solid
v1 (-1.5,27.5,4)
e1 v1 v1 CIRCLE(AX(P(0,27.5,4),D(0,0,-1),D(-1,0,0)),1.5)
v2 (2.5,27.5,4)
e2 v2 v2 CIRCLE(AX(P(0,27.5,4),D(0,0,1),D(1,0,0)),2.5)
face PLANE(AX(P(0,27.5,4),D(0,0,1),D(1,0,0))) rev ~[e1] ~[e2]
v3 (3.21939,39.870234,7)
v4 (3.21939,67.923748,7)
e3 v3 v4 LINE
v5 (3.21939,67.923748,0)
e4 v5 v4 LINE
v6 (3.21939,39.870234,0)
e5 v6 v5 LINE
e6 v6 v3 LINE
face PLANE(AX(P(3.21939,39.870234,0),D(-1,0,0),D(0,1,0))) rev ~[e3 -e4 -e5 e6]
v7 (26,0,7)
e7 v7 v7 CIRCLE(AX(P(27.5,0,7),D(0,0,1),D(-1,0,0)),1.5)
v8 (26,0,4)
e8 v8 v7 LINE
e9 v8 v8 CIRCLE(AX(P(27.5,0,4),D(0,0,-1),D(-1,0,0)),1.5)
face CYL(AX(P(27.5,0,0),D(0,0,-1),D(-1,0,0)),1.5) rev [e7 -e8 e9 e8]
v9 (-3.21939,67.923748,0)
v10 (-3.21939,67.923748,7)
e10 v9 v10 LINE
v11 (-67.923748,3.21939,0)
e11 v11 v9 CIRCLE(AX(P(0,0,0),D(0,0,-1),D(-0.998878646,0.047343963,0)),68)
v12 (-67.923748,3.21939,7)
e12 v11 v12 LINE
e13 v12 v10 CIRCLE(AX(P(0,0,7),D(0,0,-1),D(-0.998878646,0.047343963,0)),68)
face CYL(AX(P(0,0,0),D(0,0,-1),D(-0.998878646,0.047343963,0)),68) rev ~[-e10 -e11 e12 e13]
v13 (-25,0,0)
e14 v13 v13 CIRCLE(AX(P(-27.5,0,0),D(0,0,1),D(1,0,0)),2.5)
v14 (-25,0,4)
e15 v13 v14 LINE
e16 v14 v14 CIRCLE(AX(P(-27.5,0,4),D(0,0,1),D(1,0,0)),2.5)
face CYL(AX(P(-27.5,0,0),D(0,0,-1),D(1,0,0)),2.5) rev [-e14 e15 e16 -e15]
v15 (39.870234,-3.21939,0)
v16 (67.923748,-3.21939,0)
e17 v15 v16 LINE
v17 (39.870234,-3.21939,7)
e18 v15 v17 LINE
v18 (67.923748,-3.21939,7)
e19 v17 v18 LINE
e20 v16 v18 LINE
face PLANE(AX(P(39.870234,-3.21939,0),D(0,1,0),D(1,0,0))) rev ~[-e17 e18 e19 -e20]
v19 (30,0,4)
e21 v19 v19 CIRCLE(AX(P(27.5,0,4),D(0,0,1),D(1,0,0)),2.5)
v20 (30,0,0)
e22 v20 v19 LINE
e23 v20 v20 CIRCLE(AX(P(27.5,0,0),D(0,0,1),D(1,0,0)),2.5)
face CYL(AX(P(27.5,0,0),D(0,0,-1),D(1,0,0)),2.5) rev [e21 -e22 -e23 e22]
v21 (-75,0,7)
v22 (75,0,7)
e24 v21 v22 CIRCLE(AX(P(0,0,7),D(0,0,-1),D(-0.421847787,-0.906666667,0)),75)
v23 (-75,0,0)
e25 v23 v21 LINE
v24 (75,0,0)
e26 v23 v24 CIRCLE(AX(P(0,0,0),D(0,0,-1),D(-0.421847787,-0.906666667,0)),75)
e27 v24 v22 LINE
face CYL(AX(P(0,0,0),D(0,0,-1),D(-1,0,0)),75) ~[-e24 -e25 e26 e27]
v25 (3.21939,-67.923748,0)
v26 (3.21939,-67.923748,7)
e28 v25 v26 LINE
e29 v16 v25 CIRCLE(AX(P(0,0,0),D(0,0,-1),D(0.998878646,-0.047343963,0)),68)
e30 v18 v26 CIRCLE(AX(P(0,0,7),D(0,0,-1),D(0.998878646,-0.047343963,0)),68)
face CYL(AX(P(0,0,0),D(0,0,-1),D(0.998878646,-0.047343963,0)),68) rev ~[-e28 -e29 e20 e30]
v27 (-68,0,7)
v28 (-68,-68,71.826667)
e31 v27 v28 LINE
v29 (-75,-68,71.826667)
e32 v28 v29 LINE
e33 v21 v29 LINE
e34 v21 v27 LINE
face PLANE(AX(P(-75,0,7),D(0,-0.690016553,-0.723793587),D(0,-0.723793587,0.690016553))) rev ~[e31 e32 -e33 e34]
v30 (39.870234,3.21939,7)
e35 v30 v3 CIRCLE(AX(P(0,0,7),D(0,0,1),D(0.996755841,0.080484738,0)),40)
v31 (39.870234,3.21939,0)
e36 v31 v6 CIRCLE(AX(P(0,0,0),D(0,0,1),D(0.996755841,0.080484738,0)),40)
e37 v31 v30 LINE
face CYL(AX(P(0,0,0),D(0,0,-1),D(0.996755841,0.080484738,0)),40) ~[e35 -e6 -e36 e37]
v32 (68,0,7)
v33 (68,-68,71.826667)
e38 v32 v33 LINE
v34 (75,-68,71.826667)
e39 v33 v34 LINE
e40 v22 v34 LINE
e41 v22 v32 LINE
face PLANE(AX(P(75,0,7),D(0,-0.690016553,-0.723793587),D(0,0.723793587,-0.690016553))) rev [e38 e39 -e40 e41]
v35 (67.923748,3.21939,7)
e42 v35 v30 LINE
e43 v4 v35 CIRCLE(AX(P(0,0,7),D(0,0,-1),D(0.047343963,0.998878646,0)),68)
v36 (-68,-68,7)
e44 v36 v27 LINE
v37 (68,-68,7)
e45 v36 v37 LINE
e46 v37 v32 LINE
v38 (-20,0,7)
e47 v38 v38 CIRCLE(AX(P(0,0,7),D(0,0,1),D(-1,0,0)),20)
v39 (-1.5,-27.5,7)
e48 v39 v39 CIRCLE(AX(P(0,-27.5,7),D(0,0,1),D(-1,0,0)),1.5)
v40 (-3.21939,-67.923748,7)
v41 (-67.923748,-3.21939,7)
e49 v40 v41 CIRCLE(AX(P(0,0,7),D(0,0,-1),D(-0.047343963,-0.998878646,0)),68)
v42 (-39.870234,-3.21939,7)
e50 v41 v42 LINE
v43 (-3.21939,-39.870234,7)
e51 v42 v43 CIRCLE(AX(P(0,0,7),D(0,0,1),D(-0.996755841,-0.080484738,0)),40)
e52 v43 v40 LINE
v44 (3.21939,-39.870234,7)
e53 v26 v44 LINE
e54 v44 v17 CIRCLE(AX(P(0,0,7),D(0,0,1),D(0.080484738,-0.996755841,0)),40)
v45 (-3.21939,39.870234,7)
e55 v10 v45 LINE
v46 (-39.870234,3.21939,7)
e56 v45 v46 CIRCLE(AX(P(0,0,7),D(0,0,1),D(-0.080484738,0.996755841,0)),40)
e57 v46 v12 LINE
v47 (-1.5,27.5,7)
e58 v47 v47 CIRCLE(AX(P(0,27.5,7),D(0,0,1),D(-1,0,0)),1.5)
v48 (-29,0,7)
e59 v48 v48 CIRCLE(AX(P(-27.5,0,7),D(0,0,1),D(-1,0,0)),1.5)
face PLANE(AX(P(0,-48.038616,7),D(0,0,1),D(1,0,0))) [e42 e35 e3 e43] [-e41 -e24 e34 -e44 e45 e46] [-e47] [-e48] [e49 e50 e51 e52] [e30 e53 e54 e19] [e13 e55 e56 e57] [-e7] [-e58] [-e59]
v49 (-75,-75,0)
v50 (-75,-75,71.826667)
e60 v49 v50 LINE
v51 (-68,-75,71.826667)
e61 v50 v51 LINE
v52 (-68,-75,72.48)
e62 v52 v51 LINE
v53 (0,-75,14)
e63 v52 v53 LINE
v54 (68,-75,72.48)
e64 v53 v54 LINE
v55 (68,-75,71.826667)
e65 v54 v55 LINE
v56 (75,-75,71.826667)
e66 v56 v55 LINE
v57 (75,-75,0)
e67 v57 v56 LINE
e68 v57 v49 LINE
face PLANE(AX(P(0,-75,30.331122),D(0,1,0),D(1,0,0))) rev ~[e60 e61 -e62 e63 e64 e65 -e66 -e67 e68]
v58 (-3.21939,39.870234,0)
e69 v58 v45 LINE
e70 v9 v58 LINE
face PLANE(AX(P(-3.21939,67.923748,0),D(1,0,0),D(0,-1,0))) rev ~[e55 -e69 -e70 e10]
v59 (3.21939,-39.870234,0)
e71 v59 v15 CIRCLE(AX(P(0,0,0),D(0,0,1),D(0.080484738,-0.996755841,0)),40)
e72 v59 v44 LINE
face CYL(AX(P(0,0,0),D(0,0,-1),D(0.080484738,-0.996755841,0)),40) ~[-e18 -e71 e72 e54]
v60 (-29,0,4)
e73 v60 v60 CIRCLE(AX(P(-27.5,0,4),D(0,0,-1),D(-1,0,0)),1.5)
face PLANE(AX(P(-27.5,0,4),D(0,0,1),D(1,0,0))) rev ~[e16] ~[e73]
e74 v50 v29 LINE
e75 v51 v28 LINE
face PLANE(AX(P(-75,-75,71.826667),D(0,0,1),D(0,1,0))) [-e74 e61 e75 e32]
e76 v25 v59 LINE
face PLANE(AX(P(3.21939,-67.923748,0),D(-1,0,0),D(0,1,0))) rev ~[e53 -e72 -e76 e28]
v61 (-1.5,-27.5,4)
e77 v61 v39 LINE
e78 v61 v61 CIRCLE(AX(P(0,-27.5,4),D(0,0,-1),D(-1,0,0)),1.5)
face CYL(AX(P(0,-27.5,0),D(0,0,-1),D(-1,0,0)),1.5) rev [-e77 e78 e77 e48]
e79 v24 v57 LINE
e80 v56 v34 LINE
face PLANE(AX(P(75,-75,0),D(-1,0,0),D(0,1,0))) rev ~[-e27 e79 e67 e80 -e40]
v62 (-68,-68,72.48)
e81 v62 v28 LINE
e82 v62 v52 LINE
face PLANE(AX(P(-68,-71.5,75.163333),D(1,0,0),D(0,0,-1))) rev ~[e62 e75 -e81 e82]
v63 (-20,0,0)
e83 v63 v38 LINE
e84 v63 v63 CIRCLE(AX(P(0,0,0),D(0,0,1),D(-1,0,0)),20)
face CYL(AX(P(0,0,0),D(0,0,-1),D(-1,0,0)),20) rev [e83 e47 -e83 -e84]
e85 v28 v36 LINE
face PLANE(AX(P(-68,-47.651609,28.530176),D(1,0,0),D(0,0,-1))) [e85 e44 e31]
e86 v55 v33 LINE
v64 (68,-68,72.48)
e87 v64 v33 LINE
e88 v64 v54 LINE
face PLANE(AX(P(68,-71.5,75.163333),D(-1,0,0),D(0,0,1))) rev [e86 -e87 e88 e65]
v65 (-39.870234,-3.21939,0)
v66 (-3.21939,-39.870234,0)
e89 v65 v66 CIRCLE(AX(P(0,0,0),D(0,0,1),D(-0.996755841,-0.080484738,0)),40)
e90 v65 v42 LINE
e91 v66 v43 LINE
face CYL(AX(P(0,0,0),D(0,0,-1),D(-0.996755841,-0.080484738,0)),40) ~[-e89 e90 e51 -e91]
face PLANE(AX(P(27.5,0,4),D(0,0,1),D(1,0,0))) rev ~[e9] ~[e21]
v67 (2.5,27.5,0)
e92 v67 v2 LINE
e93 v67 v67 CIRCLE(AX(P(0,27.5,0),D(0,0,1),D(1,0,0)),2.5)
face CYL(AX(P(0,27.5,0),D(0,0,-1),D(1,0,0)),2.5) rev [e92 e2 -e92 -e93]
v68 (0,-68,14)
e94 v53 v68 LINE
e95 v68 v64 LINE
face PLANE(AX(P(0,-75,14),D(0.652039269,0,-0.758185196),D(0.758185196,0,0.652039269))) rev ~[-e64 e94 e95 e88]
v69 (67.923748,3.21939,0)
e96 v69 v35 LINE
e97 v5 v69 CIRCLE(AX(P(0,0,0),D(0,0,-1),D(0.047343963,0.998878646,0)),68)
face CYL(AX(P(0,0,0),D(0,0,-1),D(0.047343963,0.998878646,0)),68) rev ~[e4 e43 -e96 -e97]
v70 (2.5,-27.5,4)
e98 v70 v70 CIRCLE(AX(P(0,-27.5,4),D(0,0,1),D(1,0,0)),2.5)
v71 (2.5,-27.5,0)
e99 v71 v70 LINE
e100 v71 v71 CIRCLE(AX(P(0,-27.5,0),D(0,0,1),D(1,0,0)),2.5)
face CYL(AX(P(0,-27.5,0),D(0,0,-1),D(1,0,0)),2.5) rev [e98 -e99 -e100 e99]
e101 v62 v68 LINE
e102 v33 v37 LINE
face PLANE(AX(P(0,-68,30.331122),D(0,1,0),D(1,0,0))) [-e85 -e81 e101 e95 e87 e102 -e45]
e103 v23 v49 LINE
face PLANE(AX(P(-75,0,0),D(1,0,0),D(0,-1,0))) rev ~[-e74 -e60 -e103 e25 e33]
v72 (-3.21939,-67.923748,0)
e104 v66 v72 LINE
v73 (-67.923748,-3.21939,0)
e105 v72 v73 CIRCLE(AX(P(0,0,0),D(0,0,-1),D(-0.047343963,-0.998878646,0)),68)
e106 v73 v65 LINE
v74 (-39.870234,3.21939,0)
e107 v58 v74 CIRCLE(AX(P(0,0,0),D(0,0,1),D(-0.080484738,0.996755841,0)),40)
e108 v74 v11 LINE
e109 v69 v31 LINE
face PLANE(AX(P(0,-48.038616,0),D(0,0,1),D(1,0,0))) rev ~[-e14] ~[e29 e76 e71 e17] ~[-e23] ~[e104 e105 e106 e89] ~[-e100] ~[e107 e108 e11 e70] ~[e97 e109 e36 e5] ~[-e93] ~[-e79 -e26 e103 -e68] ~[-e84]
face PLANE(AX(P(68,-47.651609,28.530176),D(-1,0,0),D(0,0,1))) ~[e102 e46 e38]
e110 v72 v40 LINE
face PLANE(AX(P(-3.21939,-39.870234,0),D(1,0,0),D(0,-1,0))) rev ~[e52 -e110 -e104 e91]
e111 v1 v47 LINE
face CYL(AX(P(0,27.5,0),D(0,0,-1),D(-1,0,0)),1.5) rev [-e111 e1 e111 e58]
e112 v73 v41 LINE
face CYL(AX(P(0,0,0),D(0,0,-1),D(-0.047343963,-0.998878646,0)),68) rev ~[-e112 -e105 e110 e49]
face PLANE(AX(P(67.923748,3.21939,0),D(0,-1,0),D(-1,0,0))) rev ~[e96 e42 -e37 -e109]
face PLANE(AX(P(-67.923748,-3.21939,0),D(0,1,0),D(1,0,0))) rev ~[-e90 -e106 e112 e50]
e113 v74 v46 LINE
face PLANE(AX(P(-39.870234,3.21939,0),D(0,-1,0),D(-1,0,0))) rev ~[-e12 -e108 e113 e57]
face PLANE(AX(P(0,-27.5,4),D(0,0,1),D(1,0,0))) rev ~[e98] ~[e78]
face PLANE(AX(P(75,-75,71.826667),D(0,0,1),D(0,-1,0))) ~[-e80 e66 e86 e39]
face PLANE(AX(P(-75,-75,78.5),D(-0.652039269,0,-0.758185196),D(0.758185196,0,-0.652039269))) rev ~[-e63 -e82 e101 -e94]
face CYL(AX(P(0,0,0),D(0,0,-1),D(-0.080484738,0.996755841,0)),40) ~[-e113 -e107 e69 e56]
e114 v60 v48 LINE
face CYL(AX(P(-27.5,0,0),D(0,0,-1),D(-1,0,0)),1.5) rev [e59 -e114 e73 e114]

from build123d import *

# Parameters (mm, degrees)
SKETCH_1_R          = 75
SKETCH_1_R_2        = 1.5
SKETCH_1_R_3        = 20
EXTRUDE_1_DEPTH     = 7
SKETCH_2_R          = 2.5
CUT_EXTRUDE_1_DEPTH = 4
EXTRUDE_2_DEPTH     = 7
EXTRUDE_3_DEPTH     = 7
EXTRUDE_4_DEPTH     = 7
SKETCH_6_W          = 6.673333333
SKETCH_6_H          = 7
CUT_EXTRUDE_2_DEPTH = 7


with BuildPart() as part:
    # 草图1 → 凸台-拉伸1 (new body)
    with BuildSketch(Plane.XY):
        with Locations(Location((0, 0, 0), (0, 0, 180))):
            Circle(SKETCH_1_R)
        with BuildLine():
            ThreePointArc((-3.219389508, -67.923747918), (-48.083261121, -48.083261121), (-67.923747918, -3.219389508))
            Line((-67.923747918, -3.219389508), (-59, -3.219389508))
            Line((-59, -3.219389508), (-39.870233649, -3.219389508))
            ThreePointArc((-39.870233649, -3.219389508), (-28.284271247, -28.284271247), (-3.219389508, -39.870233649))
            Line((-3.219389508, -39.870233649), (-3.219389508, -67.923747918))
        make_face(mode=Mode.SUBTRACT)
        with Locations(Location((0, -27.5, 0), (0, 0, 180))):
            Circle(SKETCH_1_R_2, mode=Mode.SUBTRACT)
        with BuildLine():
            Line((39.870233649, -3.219389508), (67.923747918, -3.219389508))
            ThreePointArc((67.923747918, -3.219389508), (48.083261121, -48.083261121), (3.219389508, -67.923747918))
            Line((3.219389508, -67.923747918), (3.219389508, -59))
            Line((3.219389508, -59), (3.219389508, -39.870233649))
            ThreePointArc((3.219389508, -39.870233649), (28.284271247, -28.284271247), (39.870233649, -3.219389508))
        make_face(mode=Mode.SUBTRACT)
        with Locations(Location((27.5, 0, 0), (0, 0, 180))):
            Circle(SKETCH_1_R_2, mode=Mode.SUBTRACT)
        with Locations(Location((-27.5, 0, 0), (0, 0, 180))):
            Circle(SKETCH_1_R_2, mode=Mode.SUBTRACT)
        with BuildLine():
            ThreePointArc((-67.923747918, 3.219389508), (-48.083261121, 48.083261121), (-3.219389508, 67.923747918))
            Line((-3.219389508, 67.923747918), (-3.219389508, 59))
            Line((-3.219389508, 59), (-3.219389508, 39.870233649))
            ThreePointArc((-3.219389508, 39.870233649), (-28.284271247, 28.284271247), (-39.870233649, 3.219389508))
            Line((-39.870233649, 3.219389508), (-59.015976915, 3.219389508))
            Line((-59.015976915, 3.219389508), (-67.923747918, 3.219389508))
        make_face(mode=Mode.SUBTRACT)
        with Locations(Location((0, 0, 0), (0, 0, 180))):
            Circle(SKETCH_1_R_3, mode=Mode.SUBTRACT)
        with Locations(Location((0, 27.5, 0), (0, 0, 180))):
            Circle(SKETCH_1_R_2, mode=Mode.SUBTRACT)
        with BuildLine():
            Line((3.219389508, 39.870233649), (3.219389508, 67.923747918))
            ThreePointArc((3.219389508, 67.923747918), (48.083261121, 48.083261121), (67.923747918, 3.219389508))
            Line((67.923747918, 3.219389508), (59, 3.219389508))
            Line((59, 3.219389508), (39.870233649, 3.219389508))
            ThreePointArc((39.870233649, 3.219389508), (28.284271247, 28.284271247), (3.219389508, 39.870233649))
        make_face(mode=Mode.SUBTRACT)
    extrude(amount=EXTRUDE_1_DEPTH)

    # 草图2 → 切除-拉伸1 (cut)
    with BuildSketch(Plane.XY):
        with Locations((27.5, 0)):
            Circle(SKETCH_2_R)
        with Locations((0, -27.5)):
            Circle(SKETCH_2_R)
        with Locations((-27.5, 0)):
            Circle(SKETCH_2_R)
        with Locations((0, 27.5)):
            Circle(SKETCH_2_R)
    extrude(amount=CUT_EXTRUDE_1_DEPTH, mode=Mode.SUBTRACT)

    # 草图3 → 凸台-拉伸2 (add)
    with BuildSketch(Plane(origin=(0, -75, 0), x_dir=(1, 0, 0), z_dir=(0, 1, 0))):
        Polygon((-75, 0), (-75, -3.5), (-75, -78.5), (0, -14), (75, -78.5), (75, 0), (0, 0), align=None)
    extrude(amount=EXTRUDE_2_DEPTH)

    # 草图4 → 凸台-拉伸3 (add)
    with BuildSketch(Plane.XY):
        with BuildLine():
            Line((-75, 0), (-75, -75))
            Line((-75, -75), (75, -75))
            Line((75, -75), (75, 0))
            Line((75, 0), (68, 0))
            ThreePointArc((68, 0), (0, -68), (-68, 0))
            Line((-68, 0), (-75, 0))
        make_face()
    extrude(amount=EXTRUDE_3_DEPTH)

    # 草图5 → 凸台-拉伸4 (add)
    with BuildSketch(Plane(origin=(-75, 0, 0), x_dir=(0, 0, -1), z_dir=(1, 0, 0))):
        Polygon((0, 0), (-7, 0), (-78.5, -75), (0, -75), align=None)
    extrude_4 = extrude(amount=EXTRUDE_4_DEPTH)

    # 镜向1: 凸台-拉伸4 across plane
    add(extrude_4.mirror(Plane(origin=(0, 0, 0), x_dir=(0, 0, 1), z_dir=(1, 0, 0))))

    # 草图6 → 切除-拉伸2 (cut)
    with BuildSketch(Plane(origin=(-75, 0, 0), x_dir=(0, 0, -1), z_dir=(1, 0, 0))):
        with Locations((-75.163333333, -71.5)):
            Rectangle(SKETCH_6_W, SKETCH_6_H)
    cut_extrude_2 = extrude(amount=CUT_EXTRUDE_2_DEPTH, mode=Mode.SUBTRACT)

    # 镜向5: 切除-拉伸2 across plane
    add(cut_extrude_2.mirror(Plane(origin=(0, 0, 0), x_dir=(0, 0, 1), z_dir=(1, 0, 0))), mode=Mode.SUBTRACT)


solid = part.part
